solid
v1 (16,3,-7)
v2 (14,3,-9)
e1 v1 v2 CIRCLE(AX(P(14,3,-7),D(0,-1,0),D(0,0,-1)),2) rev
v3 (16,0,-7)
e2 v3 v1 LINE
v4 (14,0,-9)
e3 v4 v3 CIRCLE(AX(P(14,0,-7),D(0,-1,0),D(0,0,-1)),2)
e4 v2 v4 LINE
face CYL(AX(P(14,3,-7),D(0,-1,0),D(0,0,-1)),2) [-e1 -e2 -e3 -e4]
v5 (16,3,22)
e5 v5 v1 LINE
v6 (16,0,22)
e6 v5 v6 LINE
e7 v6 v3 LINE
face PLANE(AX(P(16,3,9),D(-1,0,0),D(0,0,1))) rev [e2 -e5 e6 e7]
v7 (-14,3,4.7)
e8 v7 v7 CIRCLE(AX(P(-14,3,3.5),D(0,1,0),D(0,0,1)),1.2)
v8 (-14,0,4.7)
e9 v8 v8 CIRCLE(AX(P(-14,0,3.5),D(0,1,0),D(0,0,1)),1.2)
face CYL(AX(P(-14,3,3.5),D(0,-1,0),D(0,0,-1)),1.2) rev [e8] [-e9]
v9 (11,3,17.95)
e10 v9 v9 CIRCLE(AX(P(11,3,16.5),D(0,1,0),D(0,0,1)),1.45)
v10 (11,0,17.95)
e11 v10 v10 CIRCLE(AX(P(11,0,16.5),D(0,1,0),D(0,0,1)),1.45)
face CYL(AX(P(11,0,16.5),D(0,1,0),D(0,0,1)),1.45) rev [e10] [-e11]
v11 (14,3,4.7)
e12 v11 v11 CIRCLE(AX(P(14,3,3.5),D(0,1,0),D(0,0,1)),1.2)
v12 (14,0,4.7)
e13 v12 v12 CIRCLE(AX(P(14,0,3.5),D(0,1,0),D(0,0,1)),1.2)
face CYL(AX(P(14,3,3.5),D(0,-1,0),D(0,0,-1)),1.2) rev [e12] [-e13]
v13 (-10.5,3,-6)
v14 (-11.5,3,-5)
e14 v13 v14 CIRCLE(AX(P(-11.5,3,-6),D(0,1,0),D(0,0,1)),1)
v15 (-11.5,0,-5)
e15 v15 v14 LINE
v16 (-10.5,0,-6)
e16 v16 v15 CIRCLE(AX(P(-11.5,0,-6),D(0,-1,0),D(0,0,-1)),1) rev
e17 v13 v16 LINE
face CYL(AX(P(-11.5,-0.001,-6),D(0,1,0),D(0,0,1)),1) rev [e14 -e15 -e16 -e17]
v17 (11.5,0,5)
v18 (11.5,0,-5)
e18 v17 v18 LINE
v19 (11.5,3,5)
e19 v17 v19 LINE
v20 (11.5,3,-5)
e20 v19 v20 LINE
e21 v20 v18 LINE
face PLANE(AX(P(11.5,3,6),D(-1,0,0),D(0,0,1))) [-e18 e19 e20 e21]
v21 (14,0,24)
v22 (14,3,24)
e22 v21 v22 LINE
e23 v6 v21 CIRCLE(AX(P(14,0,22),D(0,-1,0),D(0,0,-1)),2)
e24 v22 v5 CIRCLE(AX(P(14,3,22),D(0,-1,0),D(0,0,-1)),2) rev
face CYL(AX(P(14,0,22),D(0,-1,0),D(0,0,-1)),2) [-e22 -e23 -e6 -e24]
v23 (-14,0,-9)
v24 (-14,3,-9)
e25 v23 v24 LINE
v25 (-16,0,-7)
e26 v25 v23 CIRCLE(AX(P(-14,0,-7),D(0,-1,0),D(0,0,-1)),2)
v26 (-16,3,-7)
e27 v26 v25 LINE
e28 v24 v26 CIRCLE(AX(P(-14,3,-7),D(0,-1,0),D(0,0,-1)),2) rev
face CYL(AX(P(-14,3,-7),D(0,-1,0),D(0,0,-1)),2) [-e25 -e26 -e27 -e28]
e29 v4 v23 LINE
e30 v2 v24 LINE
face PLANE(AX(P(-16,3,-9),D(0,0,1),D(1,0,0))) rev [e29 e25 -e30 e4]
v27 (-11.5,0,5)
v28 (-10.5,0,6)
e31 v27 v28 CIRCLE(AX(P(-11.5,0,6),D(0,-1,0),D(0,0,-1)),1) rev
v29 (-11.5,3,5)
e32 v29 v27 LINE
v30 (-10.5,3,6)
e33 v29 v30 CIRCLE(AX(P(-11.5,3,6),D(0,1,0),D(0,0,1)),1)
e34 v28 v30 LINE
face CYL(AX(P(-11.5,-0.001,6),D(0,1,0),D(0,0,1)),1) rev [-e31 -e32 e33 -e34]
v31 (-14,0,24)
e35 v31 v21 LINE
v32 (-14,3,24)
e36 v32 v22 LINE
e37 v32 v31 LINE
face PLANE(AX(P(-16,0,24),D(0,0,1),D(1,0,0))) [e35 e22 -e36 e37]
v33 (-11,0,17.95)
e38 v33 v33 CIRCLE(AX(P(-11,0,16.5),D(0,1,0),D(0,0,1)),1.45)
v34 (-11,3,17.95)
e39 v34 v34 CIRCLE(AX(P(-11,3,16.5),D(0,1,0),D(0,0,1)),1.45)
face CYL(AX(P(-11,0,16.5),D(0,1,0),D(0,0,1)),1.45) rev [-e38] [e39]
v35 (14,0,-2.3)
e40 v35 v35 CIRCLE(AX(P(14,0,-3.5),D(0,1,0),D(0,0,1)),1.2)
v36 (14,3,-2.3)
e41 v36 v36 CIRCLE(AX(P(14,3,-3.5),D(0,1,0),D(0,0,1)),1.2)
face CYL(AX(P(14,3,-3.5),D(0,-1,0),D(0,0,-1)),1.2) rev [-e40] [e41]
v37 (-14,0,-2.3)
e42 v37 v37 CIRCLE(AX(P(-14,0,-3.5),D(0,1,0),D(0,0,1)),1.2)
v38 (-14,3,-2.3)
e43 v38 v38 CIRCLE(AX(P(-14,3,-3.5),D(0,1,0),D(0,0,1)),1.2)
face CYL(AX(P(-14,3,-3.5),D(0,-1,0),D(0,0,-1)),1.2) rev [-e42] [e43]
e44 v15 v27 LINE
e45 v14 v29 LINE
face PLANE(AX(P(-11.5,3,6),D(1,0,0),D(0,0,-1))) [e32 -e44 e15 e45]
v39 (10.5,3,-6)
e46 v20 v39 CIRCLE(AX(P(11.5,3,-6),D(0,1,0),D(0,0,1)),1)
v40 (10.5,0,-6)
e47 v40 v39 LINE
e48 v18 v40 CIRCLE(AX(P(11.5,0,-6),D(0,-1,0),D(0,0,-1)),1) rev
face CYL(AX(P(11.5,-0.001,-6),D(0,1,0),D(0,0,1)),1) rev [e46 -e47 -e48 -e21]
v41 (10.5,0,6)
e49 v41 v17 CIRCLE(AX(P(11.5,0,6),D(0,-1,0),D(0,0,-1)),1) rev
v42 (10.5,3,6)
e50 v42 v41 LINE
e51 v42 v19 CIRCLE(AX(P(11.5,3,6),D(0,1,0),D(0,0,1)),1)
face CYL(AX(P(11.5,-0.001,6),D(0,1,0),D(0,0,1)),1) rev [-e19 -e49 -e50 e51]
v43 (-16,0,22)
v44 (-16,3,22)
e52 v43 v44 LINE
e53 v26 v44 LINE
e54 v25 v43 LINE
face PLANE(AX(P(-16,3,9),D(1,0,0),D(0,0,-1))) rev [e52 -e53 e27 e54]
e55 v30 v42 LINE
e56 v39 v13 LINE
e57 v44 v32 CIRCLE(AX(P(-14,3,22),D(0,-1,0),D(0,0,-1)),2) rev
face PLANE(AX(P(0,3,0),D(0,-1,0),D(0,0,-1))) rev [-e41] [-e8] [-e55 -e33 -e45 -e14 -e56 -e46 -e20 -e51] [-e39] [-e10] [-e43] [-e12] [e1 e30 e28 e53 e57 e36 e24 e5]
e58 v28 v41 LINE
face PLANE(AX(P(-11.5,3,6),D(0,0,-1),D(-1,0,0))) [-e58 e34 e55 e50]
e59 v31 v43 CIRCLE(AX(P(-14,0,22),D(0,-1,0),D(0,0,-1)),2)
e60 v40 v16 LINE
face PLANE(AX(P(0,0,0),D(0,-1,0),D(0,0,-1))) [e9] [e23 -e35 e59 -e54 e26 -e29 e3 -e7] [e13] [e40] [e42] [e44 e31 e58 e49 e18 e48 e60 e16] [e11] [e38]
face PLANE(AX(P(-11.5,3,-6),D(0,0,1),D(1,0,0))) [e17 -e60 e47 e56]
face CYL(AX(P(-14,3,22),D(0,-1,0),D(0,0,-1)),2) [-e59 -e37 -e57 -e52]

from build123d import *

# Parameters (mm, degrees)
SKETCH_1_W          = 32
SKETCH_1_H          = 18
SKETCH_1_R          = 1.2
SKETCH_1_W_2        = 23
SKETCH_1_H_2        = 12
EXTRUDE_1_DEPTH     = 3
CUT_EXTRUDE_1_REACH = 20.601
SKETCH_2_R          = 1
SKETCH_4_W          = 32
SKETCH_4_H          = 15
SKETCH_4_R          = 1.45
EXTRUDE_2_DEPTH     = 3
FILLET_1_R          = 2


with BuildPart() as part:
    # 草图1 → 凸台-拉伸1 (new body)
    with BuildSketch(Plane(origin=(0, 0, 0), x_dir=(1, 0, 0), z_dir=(0, 1, 0))):
        Rectangle(SKETCH_1_W, SKETCH_1_H)
        with Locations(Location((-14, 3.5, 0), (0, 0, 270))):
            Circle(SKETCH_1_R, mode=Mode.SUBTRACT)
        with Locations(Location((-14, -3.5, 0), (0, 0, 270))):
            Circle(SKETCH_1_R, mode=Mode.SUBTRACT)
        with Locations(Location((14, 3.5, 0), (0, 0, 270))):
            Circle(SKETCH_1_R, mode=Mode.SUBTRACT)
        with Locations(Location((14, -3.5, 0), (0, 0, 270))):
            Circle(SKETCH_1_R, mode=Mode.SUBTRACT)
        Rectangle(SKETCH_1_W_2, SKETCH_1_H_2, mode=Mode.SUBTRACT)
    extrude(amount=EXTRUDE_1_DEPTH)

    # 草图2 → 切除-拉伸1 (cut, up to next)
    with BuildSketch(Plane(origin=(0, 3, 0), x_dir=(1, 0, 0), z_dir=(0, 1, 0)), mode=Mode.PRIVATE) as cut_extrude_1_sk1:
        with Locations((-11.5, 6)):
            Circle(SKETCH_2_R)
    cut_extrude_1_tool1 = extrude(cut_extrude_1_sk1.sketch, amount=-CUT_EXTRUDE_1_REACH, mode=Mode.PRIVATE) & part.part
    # 草图2 → 切除-拉伸1 (cut, up to next)
    with BuildSketch(Plane(origin=(0, 3, 0), x_dir=(1, 0, 0), z_dir=(0, 1, 0)), mode=Mode.PRIVATE) as cut_extrude_1_sk2:
        with Locations((-11.5, -6)):
            Circle(SKETCH_2_R)
    cut_extrude_1_tool2 = extrude(cut_extrude_1_sk2.sketch, amount=-CUT_EXTRUDE_1_REACH, mode=Mode.PRIVATE) & part.part
    # 草图2 → 切除-拉伸1 (cut, up to next)
    with BuildSketch(Plane(origin=(0, 3, 0), x_dir=(1, 0, 0), z_dir=(0, 1, 0)), mode=Mode.PRIVATE) as cut_extrude_1_sk3:
        with Locations((11.5, -6)):
            Circle(SKETCH_2_R)
    cut_extrude_1_tool3 = extrude(cut_extrude_1_sk3.sketch, amount=-CUT_EXTRUDE_1_REACH, mode=Mode.PRIVATE) & part.part
    # 草图2 → 切除-拉伸1 (cut, up to next)
    with BuildSketch(Plane(origin=(0, 3, 0), x_dir=(1, 0, 0), z_dir=(0, 1, 0)), mode=Mode.PRIVATE) as cut_extrude_1_sk4:
        with Locations((11.5, 6)):
            Circle(SKETCH_2_R)
    cut_extrude_1_tool4 = extrude(cut_extrude_1_sk4.sketch, amount=-CUT_EXTRUDE_1_REACH, mode=Mode.PRIVATE) & part.part
    add(cut_extrude_1_tool1.solids().sort_by_distance((-11.5, 3, -6))[0], mode=Mode.SUBTRACT)
    add(cut_extrude_1_tool2.solids().sort_by_distance((-11.5, 3, 6))[0], mode=Mode.SUBTRACT)
    add(cut_extrude_1_tool3.solids().sort_by_distance((11.5, 3, 6))[0], mode=Mode.SUBTRACT)
    add(cut_extrude_1_tool4.solids().sort_by_distance((11.5, 3, -6))[0], mode=Mode.SUBTRACT)

    # 草图4 → 凸台-拉伸2 (add)
    with BuildSketch(Plane(origin=(0, 3, 0), x_dir=(1, 0, 0), z_dir=(0, 1, 0))):
        with Locations((0, -16.5)):
            Rectangle(SKETCH_4_W, SKETCH_4_H)
        with Locations(Location((-11, -16.5, 0), (0, 0, 270))):
            Circle(SKETCH_4_R, mode=Mode.SUBTRACT)
        with Locations(Location((11, -16.5, 0), (0, 0, 270))):
            Circle(SKETCH_4_R, mode=Mode.SUBTRACT)
    extrude(amount=-EXTRUDE_2_DEPTH)

    # 圆角1
    fillet_1_edges = [part.edges().sort_by_distance(p)[0] for p in [
        (-16, 1.5, -9),
        (16, 1.5, -9),
        (-16, 1.5, 24),
        (16, 1.5, 24),
    ]]
    fillet(fillet_1_edges, radius=FILLET_1_R)


solid = part.part
